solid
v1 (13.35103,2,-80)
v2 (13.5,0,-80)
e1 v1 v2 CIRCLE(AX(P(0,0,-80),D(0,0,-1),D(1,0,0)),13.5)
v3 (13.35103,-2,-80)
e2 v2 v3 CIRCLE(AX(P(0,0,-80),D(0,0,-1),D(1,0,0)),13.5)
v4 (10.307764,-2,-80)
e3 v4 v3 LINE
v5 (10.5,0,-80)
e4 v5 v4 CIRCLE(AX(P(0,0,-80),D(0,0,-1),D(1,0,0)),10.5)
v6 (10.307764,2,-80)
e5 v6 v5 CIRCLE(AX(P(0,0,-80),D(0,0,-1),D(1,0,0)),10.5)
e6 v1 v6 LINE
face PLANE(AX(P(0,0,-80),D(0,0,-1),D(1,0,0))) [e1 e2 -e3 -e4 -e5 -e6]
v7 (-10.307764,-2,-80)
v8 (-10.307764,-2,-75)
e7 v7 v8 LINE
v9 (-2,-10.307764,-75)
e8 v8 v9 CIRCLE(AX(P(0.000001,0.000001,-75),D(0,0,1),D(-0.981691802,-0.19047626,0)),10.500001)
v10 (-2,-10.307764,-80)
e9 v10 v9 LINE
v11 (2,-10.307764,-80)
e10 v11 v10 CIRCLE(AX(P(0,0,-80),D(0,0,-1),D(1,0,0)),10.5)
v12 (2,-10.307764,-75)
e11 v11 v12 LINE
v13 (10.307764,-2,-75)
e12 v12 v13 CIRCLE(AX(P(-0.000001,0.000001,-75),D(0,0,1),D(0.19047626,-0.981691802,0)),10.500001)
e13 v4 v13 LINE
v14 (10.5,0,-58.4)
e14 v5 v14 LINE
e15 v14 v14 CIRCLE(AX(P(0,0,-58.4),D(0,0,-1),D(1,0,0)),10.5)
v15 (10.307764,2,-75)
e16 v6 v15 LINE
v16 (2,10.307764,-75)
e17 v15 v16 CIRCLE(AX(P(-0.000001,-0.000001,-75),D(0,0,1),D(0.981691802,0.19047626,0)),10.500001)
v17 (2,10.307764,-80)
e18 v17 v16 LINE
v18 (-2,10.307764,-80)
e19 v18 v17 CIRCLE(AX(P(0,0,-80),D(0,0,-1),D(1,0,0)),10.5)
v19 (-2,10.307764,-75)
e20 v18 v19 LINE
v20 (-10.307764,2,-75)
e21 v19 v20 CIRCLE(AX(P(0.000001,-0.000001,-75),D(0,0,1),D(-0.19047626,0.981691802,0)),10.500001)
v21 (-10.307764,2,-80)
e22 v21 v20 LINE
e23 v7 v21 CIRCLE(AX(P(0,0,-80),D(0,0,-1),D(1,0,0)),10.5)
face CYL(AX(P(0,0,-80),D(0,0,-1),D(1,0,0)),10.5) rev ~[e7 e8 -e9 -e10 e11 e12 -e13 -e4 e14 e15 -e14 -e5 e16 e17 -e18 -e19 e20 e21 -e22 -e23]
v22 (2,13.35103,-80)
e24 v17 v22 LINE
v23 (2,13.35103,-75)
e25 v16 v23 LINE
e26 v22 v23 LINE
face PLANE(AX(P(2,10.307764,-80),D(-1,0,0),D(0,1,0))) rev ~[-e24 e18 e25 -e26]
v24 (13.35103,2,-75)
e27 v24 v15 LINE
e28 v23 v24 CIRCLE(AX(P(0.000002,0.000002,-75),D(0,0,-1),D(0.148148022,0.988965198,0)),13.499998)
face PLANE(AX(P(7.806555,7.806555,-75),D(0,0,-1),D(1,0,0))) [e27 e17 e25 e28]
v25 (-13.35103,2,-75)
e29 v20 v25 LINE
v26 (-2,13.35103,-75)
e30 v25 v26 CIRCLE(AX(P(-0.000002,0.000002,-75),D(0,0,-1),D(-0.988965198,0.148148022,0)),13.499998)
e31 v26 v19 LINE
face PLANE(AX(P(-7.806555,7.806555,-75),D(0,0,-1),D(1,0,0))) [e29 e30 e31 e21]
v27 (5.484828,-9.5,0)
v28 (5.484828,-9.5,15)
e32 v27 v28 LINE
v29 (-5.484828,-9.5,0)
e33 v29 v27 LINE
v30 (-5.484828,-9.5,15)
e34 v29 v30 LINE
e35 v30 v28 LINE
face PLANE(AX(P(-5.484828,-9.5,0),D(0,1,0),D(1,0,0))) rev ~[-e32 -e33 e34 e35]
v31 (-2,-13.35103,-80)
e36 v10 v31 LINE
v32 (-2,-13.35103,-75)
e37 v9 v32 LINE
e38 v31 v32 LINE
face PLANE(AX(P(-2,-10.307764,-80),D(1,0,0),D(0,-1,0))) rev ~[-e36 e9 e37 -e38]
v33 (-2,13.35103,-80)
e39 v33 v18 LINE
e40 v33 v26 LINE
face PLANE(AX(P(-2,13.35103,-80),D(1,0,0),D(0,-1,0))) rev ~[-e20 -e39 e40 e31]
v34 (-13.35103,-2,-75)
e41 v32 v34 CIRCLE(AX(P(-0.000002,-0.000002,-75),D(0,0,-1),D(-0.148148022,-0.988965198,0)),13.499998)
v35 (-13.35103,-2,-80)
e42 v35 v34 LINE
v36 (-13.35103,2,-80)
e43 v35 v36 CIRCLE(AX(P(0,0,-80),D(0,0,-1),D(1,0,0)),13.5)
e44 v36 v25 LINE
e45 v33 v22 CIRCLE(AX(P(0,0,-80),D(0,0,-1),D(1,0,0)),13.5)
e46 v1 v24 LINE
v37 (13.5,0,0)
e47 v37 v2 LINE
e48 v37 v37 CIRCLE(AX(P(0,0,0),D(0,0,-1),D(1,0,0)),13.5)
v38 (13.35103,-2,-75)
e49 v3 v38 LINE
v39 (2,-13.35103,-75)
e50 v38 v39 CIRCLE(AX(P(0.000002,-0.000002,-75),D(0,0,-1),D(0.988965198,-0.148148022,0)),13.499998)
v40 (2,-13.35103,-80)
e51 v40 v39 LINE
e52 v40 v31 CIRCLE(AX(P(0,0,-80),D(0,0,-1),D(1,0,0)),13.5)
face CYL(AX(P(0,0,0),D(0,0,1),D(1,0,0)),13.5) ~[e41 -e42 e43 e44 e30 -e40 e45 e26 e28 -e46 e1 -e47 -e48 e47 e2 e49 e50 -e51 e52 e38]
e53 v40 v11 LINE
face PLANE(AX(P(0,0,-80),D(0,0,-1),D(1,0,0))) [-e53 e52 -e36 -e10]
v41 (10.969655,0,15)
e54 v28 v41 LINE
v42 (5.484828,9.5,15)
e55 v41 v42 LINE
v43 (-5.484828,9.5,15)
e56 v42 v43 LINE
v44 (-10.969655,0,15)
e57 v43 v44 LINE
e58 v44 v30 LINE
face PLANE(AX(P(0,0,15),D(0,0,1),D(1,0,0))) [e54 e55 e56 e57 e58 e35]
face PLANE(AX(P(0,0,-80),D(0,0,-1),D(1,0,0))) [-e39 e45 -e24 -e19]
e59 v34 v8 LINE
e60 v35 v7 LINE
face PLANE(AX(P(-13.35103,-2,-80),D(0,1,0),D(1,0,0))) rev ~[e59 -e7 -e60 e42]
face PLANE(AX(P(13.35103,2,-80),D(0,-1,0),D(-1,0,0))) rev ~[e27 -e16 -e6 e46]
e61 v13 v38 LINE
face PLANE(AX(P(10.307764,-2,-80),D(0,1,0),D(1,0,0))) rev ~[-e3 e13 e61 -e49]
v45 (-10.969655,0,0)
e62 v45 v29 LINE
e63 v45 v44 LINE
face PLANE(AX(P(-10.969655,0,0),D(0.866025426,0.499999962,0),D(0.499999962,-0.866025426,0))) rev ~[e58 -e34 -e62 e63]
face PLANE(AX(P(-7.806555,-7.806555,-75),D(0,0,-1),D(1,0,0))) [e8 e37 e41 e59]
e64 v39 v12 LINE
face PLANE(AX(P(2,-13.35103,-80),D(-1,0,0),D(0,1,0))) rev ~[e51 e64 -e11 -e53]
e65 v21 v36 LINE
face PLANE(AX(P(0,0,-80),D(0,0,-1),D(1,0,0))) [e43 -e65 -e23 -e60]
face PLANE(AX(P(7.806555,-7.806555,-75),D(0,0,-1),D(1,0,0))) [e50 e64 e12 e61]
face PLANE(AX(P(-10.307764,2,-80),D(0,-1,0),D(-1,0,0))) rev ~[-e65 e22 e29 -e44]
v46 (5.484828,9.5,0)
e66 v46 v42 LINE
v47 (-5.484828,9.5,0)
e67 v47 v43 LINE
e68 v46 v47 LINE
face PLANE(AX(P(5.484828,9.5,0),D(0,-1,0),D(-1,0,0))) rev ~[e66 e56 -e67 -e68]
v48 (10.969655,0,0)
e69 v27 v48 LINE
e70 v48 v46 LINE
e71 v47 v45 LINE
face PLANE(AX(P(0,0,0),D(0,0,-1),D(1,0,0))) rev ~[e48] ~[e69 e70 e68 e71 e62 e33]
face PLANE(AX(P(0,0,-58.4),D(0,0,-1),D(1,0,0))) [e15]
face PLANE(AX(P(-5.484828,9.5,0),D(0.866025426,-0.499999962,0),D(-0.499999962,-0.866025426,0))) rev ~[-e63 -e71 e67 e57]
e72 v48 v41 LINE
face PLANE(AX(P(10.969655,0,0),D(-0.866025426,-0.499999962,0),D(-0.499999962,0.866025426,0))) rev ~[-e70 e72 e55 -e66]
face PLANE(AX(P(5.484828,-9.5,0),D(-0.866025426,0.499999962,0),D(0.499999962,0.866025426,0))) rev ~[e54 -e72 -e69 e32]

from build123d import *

# Parameters (mm, degrees)
F1_DEPTH = 15
F2_R     = 13.5
F3_DEPTH = 80
F4_R     = 10.5
F5_DEPTH = 21.6
F7_DEPTH = 5


with BuildPart() as f1:
    # F0 (on Top) → F1 (new body)
    with BuildSketch(Plane.XY):
        Polygon((-5.484828, 9.5), (-10.969655, 0), (-5.484828, -9.5), (5.484828, -9.5), (10.969655, 0), (5.484828, 9.5), align=None)
    extrude(amount=F1_DEPTH)

    # F2 (on face) → F3 (join)
    with BuildSketch(Plane(origin=(0, 0, 0), x_dir=(1, 0, 0), z_dir=(0, 0, -1))):
        Circle(F2_R)
    extrude(amount=F3_DEPTH)

    # F4 (on face) → F5 (cut)
    with BuildSketch(Plane(origin=(0, 0, -80), x_dir=(1, 0, 0), z_dir=(0, 0, -1))):
        Circle(F4_R)
    extrude(amount=-F5_DEPTH, mode=Mode.SUBTRACT)

    # F6 (on face) → F7 (cut)
    with BuildSketch(Plane(origin=(0, 0, -80), x_dir=(1, 0, 0), z_dir=(0, 0, -1))):
        with BuildLine():
            ThreePointArc((10.307764, -2), (7.424621, -7.424621), (2, -10.307764))
            Line((2, -10.307764), (2, -13.35103))
            ThreePointArc((2, -13.35103), (9.545942, -9.545942), (13.35103, -2))
            Line((13.35103, -2), (10.307764, -2))
        make_face()
        with BuildLine():
            Line((-10.307764, -2), (-13.35103, -2))
            ThreePointArc((-13.35103, -2), (-9.545942, -9.545942), (-2, -13.35103))
            Line((-2, -13.35103), (-2, -10.307764))
            ThreePointArc((-2, -10.307764), (-7.424621, -7.424621), (-10.307764, -2))
        make_face()
        with BuildLine():
            ThreePointArc((-2, 13.35103), (-9.545942, 9.545942), (-13.35103, 2))
            Line((-13.35103, 2), (-10.307764, 2))
            ThreePointArc((-10.307764, 2), (-7.424621, 7.424621), (-2, 10.307764))
            Line((-2, 10.307764), (-2, 13.35103))
        make_face()
        with BuildLine():
            ThreePointArc((13.35103, 2), (9.545942, 9.545942), (2, 13.35103))
            Line((2, 13.35103), (2, 10.307764))
            ThreePointArc((2, 10.307764), (7.424621, 7.424621), (10.307764, 2))
            Line((10.307764, 2), (13.35103, 2))
        make_face()
    extrude(amount=-F7_DEPTH, mode=Mode.SUBTRACT)


solid = f1.part
